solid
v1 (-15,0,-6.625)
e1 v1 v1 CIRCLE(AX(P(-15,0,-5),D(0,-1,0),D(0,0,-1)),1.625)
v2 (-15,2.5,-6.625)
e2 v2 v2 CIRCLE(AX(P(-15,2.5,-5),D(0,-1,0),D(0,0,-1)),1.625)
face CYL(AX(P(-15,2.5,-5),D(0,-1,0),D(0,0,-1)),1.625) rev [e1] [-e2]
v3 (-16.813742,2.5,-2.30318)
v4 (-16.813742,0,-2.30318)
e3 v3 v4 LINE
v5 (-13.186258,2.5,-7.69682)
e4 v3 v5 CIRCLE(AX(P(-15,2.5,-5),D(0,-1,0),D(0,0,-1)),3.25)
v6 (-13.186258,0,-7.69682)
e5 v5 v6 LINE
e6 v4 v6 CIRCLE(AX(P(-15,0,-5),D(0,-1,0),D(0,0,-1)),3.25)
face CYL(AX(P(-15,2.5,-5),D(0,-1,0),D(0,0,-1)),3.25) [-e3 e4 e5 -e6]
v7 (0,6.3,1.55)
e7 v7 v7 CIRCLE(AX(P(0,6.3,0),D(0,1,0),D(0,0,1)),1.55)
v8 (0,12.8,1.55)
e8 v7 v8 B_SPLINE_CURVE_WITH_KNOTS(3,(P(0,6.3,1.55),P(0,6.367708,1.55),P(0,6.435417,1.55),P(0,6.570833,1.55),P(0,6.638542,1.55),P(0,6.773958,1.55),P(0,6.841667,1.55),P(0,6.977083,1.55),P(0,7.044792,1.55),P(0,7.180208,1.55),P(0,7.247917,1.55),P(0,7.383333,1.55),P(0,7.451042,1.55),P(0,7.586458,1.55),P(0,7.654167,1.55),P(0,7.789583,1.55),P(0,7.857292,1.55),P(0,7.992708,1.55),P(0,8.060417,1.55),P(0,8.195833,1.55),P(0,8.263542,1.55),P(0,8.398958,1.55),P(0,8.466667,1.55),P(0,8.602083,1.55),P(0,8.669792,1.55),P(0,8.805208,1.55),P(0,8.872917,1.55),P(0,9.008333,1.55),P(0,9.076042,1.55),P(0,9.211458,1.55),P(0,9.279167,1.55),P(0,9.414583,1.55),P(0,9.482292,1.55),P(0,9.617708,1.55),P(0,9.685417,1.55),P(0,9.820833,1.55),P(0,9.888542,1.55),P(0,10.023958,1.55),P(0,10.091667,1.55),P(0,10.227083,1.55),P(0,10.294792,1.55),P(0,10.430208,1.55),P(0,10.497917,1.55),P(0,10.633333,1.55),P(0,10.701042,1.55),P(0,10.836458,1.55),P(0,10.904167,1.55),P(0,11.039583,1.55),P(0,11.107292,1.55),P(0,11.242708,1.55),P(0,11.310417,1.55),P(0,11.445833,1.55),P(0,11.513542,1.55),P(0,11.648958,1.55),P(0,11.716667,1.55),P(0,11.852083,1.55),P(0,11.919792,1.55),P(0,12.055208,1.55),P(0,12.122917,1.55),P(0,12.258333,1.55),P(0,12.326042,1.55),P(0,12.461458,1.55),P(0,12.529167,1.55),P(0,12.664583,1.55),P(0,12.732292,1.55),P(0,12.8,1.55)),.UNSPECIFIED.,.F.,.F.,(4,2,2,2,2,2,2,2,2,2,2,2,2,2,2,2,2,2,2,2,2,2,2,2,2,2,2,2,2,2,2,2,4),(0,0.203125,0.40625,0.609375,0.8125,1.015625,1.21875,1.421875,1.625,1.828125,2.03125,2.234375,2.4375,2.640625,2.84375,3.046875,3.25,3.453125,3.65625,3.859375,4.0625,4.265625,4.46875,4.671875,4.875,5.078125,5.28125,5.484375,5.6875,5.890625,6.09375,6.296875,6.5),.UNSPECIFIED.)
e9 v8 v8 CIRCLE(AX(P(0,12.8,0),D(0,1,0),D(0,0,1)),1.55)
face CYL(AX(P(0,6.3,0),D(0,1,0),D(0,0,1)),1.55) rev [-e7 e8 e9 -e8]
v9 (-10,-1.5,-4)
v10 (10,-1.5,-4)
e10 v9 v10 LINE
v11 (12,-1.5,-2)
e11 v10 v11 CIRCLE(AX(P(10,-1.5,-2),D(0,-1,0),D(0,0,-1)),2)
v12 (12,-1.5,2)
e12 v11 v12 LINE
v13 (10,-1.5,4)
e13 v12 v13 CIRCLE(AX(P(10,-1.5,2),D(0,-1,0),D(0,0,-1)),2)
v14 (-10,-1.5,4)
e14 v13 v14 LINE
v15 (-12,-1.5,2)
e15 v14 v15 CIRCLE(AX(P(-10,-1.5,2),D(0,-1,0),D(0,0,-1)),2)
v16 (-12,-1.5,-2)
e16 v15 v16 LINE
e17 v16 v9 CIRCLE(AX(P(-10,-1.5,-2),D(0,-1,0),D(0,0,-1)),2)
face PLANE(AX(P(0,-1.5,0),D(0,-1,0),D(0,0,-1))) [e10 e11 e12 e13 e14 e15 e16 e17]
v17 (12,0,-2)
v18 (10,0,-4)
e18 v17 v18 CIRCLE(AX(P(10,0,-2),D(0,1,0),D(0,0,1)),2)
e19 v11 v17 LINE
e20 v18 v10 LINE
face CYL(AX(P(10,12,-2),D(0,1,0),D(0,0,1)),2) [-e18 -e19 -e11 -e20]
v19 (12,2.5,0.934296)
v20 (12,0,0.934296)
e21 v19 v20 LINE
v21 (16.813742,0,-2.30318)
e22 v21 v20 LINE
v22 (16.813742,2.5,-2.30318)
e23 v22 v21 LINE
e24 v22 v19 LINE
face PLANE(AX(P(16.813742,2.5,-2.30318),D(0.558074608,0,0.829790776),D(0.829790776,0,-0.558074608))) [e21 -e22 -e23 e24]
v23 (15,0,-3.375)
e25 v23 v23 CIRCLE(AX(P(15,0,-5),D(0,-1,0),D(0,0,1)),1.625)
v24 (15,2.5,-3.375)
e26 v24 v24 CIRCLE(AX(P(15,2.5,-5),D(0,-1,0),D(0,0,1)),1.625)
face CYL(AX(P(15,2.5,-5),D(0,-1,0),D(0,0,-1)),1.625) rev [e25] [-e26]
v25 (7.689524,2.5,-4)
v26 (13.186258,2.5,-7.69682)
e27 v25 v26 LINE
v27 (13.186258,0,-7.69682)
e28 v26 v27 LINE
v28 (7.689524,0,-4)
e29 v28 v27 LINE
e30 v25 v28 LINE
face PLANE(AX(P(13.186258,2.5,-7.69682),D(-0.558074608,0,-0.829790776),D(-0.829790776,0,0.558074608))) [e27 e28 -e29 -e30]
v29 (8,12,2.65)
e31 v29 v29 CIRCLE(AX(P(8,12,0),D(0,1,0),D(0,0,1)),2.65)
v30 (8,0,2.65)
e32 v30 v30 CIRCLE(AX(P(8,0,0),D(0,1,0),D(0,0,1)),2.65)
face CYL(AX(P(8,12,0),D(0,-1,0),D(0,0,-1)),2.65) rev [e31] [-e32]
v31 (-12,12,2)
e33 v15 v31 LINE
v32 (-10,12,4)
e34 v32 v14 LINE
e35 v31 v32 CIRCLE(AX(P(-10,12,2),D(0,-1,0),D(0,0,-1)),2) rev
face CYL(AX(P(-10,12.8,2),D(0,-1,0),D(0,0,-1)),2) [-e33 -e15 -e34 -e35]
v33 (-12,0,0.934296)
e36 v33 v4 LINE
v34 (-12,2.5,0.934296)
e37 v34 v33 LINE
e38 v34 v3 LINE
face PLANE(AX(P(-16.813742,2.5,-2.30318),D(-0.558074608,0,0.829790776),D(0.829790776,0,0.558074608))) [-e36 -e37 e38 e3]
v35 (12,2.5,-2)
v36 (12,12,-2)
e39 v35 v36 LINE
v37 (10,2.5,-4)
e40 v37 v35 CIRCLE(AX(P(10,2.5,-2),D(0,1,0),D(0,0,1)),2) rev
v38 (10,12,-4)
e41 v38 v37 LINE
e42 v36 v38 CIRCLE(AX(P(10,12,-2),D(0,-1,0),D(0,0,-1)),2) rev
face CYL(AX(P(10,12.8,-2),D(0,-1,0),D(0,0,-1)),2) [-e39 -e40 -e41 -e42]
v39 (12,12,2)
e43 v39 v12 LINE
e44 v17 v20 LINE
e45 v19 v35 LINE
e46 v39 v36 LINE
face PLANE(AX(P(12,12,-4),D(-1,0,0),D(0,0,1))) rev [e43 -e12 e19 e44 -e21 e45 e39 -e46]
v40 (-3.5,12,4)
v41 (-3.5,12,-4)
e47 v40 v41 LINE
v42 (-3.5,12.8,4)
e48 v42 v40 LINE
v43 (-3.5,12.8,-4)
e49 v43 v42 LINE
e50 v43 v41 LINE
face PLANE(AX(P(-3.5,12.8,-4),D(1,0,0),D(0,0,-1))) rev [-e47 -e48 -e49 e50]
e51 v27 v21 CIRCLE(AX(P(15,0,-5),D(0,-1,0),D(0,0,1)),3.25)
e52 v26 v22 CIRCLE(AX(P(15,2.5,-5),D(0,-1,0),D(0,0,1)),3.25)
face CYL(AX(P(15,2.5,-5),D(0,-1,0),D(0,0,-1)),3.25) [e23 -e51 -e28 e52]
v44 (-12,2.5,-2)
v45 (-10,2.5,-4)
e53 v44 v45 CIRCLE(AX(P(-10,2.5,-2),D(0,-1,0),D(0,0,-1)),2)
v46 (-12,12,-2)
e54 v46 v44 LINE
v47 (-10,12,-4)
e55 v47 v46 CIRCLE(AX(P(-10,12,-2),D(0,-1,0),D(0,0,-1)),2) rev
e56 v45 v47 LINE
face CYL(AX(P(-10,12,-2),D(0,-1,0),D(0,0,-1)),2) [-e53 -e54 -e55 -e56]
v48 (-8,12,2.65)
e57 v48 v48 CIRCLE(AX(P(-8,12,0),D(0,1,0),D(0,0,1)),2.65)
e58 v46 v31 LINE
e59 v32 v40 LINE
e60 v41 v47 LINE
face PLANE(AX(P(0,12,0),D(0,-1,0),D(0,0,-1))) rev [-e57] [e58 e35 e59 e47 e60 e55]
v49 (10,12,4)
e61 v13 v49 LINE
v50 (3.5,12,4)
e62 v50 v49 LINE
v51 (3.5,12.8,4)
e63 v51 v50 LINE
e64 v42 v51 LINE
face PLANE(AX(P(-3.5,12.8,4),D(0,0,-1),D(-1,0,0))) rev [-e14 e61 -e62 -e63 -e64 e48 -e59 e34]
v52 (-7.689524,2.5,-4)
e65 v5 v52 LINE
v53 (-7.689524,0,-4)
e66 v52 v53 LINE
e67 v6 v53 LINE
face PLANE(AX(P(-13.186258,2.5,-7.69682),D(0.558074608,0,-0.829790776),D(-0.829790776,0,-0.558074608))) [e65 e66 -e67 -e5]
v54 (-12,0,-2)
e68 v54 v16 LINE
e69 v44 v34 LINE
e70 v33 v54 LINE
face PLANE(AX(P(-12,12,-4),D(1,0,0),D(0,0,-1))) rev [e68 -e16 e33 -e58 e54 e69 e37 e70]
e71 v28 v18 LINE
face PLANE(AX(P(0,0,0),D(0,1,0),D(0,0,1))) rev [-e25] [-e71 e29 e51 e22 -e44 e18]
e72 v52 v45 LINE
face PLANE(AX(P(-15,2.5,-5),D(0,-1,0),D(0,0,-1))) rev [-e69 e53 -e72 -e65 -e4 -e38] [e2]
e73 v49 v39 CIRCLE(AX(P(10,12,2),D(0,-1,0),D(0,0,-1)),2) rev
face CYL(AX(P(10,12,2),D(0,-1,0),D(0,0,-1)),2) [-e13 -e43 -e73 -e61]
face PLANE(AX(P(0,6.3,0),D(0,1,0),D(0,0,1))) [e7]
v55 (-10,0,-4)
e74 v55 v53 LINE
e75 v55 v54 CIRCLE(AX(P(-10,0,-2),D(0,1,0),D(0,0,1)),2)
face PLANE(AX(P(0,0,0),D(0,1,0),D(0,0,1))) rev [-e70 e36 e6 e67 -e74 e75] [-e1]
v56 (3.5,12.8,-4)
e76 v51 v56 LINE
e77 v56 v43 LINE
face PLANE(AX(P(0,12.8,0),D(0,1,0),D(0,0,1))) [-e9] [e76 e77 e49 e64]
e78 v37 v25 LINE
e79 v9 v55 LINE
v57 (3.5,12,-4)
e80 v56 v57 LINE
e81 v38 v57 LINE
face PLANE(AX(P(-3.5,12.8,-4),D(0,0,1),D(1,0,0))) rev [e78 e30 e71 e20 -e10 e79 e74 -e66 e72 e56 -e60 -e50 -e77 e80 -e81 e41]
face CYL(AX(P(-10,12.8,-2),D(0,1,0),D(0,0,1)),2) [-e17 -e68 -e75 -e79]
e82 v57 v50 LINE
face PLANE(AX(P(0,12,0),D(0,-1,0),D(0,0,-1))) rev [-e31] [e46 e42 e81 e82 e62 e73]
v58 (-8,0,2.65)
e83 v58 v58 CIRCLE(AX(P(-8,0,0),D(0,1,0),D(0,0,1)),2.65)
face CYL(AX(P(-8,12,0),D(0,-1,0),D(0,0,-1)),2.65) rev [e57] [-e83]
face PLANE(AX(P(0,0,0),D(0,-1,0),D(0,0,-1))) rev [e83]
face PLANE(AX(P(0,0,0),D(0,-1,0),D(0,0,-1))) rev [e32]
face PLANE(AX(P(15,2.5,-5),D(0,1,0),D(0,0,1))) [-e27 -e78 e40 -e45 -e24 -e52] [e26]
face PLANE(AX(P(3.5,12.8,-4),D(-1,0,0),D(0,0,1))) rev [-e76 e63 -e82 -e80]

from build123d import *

# Parameters (mm, degrees)
SKETCH25_W          = 7
SKETCH25_H          = 8
BOSS_EXTRUDE5_DEPTH = 12.8
SKETCH26_W          = 24
SKETCH26_H          = 8
SKETCH26_R          = 2.65
BOSS_EXTRUDE6_DEPTH = 12
SKETCH27_R          = 1.55
CUT_EXTRUDE1_DEPTH  = 6.5
SKETCH29_R          = 1.625
BOSS_EXTRUDE8_DEPTH = 2.5
SKETCH31_W          = 24
SKETCH31_H          = 8
BOSS_EXTRUDE9_DEPTH = 1.5
FILLET1_R           = 2


with BuildPart() as part:
    # Sketch25 → Boss-Extrude5 (new body)
    with BuildSketch(Plane(origin=(0, 0, 0), x_dir=(-1, 0, 0), z_dir=(0, 1, 0))):
        Rectangle(SKETCH25_W, SKETCH25_H)
    extrude(amount=BOSS_EXTRUDE5_DEPTH)

    # Sketch26 → Boss-Extrude6 (add)
    with BuildSketch(Plane(origin=(0, 0, 0), x_dir=(-1, 0, 0), z_dir=(0, 1, 0))):
        Rectangle(SKETCH26_W, SKETCH26_H)
        with Locations((-8, 0)):
            Circle(SKETCH26_R, mode=Mode.SUBTRACT)
        with Locations((8, 0)):
            Circle(SKETCH26_R, mode=Mode.SUBTRACT)
    extrude(amount=BOSS_EXTRUDE6_DEPTH)

    # Sketch27 → Cut-Extrude1 (cut)
    with BuildSketch(Plane(origin=(0, 12.8, 0), x_dir=(1, 0, 0), z_dir=(0, 1, 0))):
        Circle(SKETCH27_R)
    extrude(amount=-CUT_EXTRUDE1_DEPTH, mode=Mode.SUBTRACT)

    # Sketch29 → Boss-Extrude8 (add)
    # profile 1 of 2: a face of its own
    with BuildSketch(Plane.XZ):
        with BuildLine():
            Line((-16.813742475, -2.303179977), (-12, 0.934295686))
            Line((-12, 0.934295686), (-12, -4))
            Line((-12, -4), (-7.689524447, -4))
            Line((-7.689524447, -4), (-13.186257525, -7.696820023))
            ThreePointArc((-13.186257525, -7.696820023), (-17.696820023, -6.813742475), (-16.813742475, -2.303179977))
        make_face()
        with Locations((-15, -5)):
            Circle(SKETCH29_R, mode=Mode.SUBTRACT)
    # profile 2 of 2: a face of its own
    with BuildSketch(Plane.XZ):
        with BuildLine():
            Line((16.813742475, -2.303179977), (12, 0.934295686))
            Line((12, 0.934295686), (12, -4))
            Line((12, -4), (7.689524447, -4))
            Line((7.689524447, -4), (13.186257525, -7.696820023))
            ThreePointArc((13.186257525, -7.696820023), (17.696820023, -6.813742475), (16.813742475, -2.303179977))
        make_face()
        with Locations((15, -5)):
            Circle(SKETCH29_R, mode=Mode.SUBTRACT)
    extrude(amount=-BOSS_EXTRUDE8_DEPTH)

    # Sketch31 → Boss-Extrude9 (add)
    with BuildSketch(Plane.XZ):
        Rectangle(SKETCH31_W, SKETCH31_H)
    extrude(amount=BOSS_EXTRUDE9_DEPTH)

    # Fillet1
    fillet1_edges = [part.edges().sort_by_distance(p)[0] for p in [
        (-12, 5.25, 4),
        (12, 5.25, 4),
        (-12, -0.75, -4),
        (12, -0.75, -4),
        (-12, 7.25, -4),
        (12, 7.25, -4),
    ]]
    fillet(fillet1_edges, radius=FILLET1_R)


solid = part.part
